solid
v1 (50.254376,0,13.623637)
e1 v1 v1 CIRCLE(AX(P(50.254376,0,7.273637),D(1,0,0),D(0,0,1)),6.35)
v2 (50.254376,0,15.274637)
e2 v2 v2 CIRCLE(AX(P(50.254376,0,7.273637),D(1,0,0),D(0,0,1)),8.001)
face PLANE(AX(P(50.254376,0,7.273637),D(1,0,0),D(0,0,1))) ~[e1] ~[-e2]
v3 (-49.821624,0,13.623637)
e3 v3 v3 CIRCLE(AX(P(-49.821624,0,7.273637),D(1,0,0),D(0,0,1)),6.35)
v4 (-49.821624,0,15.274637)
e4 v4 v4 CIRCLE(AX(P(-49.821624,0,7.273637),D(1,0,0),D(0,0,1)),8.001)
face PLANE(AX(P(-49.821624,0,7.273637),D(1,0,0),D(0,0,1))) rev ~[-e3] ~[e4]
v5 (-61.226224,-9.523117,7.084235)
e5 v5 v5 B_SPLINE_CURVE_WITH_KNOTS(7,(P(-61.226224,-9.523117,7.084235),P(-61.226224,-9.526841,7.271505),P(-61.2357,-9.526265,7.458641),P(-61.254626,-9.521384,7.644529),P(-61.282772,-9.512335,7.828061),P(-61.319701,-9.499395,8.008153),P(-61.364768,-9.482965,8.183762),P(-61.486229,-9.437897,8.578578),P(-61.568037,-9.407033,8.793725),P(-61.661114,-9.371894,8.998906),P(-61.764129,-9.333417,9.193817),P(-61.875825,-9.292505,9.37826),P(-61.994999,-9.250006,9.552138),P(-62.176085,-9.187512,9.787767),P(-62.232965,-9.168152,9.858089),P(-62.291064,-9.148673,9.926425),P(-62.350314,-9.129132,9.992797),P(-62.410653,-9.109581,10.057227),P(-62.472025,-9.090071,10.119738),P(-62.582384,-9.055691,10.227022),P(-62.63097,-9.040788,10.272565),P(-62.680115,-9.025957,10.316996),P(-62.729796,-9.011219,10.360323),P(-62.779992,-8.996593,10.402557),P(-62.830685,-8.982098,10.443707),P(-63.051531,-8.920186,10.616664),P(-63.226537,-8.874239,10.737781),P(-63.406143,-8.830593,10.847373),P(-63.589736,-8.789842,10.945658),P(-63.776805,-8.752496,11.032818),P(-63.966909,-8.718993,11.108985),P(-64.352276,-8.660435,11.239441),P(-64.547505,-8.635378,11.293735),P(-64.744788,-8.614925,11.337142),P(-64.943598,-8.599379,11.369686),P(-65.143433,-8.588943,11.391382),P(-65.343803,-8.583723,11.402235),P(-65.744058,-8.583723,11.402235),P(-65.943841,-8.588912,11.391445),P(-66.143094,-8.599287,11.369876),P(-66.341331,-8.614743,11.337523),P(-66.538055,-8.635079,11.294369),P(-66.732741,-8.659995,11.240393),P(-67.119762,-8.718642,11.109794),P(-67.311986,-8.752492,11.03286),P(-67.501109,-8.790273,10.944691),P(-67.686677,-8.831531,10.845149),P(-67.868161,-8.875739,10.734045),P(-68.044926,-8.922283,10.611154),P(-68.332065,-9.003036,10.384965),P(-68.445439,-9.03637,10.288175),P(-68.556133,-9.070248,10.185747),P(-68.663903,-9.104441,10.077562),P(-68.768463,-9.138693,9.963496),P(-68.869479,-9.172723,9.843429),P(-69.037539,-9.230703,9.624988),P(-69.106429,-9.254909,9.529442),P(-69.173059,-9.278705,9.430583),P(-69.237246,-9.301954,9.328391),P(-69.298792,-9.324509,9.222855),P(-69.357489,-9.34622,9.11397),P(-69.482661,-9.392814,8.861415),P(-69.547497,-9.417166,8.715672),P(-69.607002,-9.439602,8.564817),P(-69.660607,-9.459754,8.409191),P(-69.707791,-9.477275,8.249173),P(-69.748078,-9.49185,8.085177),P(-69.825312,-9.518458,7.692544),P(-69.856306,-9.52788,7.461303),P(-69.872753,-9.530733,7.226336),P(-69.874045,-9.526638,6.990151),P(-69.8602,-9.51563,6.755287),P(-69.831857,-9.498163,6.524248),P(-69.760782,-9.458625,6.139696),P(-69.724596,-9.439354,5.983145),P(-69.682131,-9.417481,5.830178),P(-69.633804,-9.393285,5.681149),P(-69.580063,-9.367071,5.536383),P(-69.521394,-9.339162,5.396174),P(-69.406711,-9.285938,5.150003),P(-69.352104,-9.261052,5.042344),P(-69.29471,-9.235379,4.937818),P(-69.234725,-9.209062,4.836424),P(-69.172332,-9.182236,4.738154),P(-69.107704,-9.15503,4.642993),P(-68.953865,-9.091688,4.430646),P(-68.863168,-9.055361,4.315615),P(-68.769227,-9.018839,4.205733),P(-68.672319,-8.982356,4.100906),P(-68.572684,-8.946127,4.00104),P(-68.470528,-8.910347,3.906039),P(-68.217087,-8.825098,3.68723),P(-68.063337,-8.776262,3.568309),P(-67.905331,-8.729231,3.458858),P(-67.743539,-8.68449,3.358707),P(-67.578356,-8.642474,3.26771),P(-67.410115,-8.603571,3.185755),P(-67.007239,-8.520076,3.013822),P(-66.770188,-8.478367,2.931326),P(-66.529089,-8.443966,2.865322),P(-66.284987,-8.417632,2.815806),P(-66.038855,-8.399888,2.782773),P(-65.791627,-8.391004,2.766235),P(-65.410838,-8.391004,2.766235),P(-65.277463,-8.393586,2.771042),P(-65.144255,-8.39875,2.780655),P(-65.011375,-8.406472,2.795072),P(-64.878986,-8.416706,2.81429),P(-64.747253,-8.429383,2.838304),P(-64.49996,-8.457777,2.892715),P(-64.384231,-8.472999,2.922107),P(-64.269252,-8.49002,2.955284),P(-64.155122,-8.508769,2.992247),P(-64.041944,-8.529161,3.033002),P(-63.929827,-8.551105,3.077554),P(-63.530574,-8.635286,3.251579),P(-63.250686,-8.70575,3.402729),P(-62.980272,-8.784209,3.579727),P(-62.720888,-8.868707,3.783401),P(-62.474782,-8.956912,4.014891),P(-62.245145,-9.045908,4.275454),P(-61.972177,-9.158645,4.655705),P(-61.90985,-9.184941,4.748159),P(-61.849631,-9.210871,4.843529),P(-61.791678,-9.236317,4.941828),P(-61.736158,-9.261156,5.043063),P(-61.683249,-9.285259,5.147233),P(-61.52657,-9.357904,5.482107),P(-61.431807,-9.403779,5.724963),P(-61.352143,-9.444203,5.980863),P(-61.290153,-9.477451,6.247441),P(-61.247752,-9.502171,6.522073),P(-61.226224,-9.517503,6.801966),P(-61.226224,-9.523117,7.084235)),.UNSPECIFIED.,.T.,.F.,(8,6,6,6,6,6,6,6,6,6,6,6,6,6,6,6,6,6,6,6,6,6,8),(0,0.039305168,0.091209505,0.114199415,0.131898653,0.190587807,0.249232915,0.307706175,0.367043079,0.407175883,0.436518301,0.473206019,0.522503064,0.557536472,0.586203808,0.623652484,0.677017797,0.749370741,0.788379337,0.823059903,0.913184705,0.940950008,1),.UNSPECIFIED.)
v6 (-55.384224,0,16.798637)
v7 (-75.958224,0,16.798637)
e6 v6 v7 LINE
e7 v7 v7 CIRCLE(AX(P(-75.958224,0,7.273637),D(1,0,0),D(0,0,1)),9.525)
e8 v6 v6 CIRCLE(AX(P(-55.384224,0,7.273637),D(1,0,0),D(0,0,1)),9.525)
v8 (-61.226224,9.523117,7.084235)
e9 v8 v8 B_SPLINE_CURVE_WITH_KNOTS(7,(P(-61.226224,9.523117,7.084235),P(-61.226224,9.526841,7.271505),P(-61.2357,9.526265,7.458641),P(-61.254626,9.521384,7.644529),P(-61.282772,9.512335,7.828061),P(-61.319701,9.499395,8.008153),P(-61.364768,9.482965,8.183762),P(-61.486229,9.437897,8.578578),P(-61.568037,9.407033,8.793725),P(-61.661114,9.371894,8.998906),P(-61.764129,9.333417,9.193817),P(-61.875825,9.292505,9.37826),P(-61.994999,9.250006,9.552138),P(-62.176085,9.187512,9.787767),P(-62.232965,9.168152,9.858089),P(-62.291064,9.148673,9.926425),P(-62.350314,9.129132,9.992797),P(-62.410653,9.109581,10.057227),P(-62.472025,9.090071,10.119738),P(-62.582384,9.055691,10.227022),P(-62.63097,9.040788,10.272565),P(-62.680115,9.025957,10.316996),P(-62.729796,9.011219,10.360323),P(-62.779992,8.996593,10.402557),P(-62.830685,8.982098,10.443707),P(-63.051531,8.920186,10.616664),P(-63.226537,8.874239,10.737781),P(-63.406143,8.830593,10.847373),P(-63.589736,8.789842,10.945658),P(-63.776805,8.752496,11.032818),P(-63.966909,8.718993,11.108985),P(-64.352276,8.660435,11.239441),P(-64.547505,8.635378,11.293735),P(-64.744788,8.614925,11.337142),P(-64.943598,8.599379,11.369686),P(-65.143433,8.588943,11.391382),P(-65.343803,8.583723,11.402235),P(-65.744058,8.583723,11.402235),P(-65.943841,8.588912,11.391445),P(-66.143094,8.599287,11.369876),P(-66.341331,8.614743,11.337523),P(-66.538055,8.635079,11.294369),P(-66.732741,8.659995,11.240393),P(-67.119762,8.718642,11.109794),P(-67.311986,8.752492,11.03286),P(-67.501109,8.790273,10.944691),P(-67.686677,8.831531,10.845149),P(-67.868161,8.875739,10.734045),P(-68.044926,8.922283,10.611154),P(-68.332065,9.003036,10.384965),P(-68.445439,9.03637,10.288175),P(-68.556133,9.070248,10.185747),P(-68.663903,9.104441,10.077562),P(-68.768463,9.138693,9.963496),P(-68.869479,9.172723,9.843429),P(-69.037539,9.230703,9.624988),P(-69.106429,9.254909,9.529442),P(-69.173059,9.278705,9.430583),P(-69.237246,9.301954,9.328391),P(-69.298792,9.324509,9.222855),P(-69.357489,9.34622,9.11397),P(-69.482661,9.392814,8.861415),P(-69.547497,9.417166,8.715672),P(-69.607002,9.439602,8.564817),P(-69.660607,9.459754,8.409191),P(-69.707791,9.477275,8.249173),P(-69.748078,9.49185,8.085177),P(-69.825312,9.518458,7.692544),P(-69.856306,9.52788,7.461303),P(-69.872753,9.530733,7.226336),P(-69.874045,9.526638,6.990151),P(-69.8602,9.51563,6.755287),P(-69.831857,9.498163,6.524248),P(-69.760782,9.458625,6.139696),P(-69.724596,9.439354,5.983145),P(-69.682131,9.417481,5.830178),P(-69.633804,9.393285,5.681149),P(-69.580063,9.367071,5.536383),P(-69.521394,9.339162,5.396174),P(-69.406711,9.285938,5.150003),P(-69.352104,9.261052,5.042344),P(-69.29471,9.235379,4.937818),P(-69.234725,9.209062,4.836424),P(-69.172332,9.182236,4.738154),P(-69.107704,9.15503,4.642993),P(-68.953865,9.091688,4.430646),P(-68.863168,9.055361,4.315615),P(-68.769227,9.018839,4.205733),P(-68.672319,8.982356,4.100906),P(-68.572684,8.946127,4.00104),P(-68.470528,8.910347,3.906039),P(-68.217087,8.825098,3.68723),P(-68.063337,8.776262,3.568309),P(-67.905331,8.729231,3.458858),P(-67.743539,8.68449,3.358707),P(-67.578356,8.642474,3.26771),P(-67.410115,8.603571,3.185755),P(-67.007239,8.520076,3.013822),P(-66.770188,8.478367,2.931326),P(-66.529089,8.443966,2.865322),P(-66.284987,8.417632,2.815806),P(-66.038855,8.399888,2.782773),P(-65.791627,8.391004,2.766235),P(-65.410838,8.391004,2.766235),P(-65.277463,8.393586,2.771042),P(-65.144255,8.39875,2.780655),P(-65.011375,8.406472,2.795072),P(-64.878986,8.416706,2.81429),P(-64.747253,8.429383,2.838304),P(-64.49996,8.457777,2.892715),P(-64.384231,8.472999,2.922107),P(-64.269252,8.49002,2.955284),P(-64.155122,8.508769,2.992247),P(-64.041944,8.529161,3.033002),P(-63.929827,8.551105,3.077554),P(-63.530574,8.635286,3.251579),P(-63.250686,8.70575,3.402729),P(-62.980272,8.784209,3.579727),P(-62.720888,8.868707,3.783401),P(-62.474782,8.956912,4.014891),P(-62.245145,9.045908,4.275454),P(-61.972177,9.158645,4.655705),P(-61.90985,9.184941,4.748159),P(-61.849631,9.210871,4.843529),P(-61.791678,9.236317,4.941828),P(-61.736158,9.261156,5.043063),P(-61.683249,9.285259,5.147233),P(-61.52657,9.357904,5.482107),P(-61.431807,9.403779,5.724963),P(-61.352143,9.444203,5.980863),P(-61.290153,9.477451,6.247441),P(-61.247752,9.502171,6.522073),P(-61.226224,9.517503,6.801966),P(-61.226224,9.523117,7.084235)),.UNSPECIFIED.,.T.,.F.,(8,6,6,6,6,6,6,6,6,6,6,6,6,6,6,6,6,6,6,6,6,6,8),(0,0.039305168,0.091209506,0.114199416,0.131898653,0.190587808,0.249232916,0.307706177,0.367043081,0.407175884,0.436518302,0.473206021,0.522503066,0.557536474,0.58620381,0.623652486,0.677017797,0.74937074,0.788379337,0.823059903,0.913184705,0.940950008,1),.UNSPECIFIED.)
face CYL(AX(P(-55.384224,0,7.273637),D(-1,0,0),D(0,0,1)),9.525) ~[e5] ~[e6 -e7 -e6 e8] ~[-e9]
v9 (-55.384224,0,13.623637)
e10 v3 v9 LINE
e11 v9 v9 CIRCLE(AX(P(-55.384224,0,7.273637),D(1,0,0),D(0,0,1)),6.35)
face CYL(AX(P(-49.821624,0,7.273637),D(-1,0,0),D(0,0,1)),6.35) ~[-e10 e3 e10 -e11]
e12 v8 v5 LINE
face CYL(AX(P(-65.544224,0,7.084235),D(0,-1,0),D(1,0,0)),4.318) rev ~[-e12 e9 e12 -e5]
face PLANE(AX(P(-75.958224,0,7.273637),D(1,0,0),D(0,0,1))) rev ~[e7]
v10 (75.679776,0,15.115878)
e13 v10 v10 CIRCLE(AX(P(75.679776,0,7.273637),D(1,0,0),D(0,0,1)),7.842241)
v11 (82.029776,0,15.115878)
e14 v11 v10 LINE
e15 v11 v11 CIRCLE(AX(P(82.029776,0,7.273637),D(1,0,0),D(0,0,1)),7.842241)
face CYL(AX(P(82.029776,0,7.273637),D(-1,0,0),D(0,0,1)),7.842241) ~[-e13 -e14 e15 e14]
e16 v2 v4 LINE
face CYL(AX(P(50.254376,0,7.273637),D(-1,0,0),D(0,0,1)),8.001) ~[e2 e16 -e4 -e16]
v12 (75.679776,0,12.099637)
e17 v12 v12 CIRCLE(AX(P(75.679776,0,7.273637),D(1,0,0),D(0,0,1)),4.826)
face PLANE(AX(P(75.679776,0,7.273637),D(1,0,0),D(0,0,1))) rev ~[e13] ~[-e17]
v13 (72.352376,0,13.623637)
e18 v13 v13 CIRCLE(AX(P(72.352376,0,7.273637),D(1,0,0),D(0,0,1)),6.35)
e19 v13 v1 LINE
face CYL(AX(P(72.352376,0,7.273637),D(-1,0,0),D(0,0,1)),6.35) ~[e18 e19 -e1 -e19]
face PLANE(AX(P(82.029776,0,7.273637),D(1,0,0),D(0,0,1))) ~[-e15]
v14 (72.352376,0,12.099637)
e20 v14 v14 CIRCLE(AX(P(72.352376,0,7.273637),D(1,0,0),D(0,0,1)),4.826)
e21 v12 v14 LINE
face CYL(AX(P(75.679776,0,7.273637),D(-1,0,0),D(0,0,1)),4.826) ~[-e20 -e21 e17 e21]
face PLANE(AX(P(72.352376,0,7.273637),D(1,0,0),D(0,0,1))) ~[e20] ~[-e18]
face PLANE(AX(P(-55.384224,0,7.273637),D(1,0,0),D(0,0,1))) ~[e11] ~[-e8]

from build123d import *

# Parameters (mm, degrees)
F2_R     = 4.318
F3_DEPTH = 127


with BuildPart() as f1:
    # F0 (on Front) → F1 (revolve)
    with BuildSketch(Plane.XZ):
        Polygon((-75.958224, 16.798637), (-75.958224, 7.273637), (82.029776, 7.273637), (82.029776, 15.115878), (75.679776, 15.115878), (75.679776, 12.099637), (72.352376, 12.099637), (72.352376, 13.623637), (50.254376, 13.623637), (50.254376, 15.274637), (-49.821624, 15.274637), (-49.821624, 13.623637), (-55.384224, 13.623637), (-55.384224, 16.798637), align=None)
    revolve(axis=Axis((3.035776, 0, 7.273637), (1, 0, 0)))

    # F2 (on Front) → F3 (cut, symmetric)
    with BuildSketch(Plane.XZ):
        with Locations((-65.544224, 7.084235)):
            Circle(F2_R)
    extrude(amount=F3_DEPTH, both=True, mode=Mode.SUBTRACT)


solid = f1.part
